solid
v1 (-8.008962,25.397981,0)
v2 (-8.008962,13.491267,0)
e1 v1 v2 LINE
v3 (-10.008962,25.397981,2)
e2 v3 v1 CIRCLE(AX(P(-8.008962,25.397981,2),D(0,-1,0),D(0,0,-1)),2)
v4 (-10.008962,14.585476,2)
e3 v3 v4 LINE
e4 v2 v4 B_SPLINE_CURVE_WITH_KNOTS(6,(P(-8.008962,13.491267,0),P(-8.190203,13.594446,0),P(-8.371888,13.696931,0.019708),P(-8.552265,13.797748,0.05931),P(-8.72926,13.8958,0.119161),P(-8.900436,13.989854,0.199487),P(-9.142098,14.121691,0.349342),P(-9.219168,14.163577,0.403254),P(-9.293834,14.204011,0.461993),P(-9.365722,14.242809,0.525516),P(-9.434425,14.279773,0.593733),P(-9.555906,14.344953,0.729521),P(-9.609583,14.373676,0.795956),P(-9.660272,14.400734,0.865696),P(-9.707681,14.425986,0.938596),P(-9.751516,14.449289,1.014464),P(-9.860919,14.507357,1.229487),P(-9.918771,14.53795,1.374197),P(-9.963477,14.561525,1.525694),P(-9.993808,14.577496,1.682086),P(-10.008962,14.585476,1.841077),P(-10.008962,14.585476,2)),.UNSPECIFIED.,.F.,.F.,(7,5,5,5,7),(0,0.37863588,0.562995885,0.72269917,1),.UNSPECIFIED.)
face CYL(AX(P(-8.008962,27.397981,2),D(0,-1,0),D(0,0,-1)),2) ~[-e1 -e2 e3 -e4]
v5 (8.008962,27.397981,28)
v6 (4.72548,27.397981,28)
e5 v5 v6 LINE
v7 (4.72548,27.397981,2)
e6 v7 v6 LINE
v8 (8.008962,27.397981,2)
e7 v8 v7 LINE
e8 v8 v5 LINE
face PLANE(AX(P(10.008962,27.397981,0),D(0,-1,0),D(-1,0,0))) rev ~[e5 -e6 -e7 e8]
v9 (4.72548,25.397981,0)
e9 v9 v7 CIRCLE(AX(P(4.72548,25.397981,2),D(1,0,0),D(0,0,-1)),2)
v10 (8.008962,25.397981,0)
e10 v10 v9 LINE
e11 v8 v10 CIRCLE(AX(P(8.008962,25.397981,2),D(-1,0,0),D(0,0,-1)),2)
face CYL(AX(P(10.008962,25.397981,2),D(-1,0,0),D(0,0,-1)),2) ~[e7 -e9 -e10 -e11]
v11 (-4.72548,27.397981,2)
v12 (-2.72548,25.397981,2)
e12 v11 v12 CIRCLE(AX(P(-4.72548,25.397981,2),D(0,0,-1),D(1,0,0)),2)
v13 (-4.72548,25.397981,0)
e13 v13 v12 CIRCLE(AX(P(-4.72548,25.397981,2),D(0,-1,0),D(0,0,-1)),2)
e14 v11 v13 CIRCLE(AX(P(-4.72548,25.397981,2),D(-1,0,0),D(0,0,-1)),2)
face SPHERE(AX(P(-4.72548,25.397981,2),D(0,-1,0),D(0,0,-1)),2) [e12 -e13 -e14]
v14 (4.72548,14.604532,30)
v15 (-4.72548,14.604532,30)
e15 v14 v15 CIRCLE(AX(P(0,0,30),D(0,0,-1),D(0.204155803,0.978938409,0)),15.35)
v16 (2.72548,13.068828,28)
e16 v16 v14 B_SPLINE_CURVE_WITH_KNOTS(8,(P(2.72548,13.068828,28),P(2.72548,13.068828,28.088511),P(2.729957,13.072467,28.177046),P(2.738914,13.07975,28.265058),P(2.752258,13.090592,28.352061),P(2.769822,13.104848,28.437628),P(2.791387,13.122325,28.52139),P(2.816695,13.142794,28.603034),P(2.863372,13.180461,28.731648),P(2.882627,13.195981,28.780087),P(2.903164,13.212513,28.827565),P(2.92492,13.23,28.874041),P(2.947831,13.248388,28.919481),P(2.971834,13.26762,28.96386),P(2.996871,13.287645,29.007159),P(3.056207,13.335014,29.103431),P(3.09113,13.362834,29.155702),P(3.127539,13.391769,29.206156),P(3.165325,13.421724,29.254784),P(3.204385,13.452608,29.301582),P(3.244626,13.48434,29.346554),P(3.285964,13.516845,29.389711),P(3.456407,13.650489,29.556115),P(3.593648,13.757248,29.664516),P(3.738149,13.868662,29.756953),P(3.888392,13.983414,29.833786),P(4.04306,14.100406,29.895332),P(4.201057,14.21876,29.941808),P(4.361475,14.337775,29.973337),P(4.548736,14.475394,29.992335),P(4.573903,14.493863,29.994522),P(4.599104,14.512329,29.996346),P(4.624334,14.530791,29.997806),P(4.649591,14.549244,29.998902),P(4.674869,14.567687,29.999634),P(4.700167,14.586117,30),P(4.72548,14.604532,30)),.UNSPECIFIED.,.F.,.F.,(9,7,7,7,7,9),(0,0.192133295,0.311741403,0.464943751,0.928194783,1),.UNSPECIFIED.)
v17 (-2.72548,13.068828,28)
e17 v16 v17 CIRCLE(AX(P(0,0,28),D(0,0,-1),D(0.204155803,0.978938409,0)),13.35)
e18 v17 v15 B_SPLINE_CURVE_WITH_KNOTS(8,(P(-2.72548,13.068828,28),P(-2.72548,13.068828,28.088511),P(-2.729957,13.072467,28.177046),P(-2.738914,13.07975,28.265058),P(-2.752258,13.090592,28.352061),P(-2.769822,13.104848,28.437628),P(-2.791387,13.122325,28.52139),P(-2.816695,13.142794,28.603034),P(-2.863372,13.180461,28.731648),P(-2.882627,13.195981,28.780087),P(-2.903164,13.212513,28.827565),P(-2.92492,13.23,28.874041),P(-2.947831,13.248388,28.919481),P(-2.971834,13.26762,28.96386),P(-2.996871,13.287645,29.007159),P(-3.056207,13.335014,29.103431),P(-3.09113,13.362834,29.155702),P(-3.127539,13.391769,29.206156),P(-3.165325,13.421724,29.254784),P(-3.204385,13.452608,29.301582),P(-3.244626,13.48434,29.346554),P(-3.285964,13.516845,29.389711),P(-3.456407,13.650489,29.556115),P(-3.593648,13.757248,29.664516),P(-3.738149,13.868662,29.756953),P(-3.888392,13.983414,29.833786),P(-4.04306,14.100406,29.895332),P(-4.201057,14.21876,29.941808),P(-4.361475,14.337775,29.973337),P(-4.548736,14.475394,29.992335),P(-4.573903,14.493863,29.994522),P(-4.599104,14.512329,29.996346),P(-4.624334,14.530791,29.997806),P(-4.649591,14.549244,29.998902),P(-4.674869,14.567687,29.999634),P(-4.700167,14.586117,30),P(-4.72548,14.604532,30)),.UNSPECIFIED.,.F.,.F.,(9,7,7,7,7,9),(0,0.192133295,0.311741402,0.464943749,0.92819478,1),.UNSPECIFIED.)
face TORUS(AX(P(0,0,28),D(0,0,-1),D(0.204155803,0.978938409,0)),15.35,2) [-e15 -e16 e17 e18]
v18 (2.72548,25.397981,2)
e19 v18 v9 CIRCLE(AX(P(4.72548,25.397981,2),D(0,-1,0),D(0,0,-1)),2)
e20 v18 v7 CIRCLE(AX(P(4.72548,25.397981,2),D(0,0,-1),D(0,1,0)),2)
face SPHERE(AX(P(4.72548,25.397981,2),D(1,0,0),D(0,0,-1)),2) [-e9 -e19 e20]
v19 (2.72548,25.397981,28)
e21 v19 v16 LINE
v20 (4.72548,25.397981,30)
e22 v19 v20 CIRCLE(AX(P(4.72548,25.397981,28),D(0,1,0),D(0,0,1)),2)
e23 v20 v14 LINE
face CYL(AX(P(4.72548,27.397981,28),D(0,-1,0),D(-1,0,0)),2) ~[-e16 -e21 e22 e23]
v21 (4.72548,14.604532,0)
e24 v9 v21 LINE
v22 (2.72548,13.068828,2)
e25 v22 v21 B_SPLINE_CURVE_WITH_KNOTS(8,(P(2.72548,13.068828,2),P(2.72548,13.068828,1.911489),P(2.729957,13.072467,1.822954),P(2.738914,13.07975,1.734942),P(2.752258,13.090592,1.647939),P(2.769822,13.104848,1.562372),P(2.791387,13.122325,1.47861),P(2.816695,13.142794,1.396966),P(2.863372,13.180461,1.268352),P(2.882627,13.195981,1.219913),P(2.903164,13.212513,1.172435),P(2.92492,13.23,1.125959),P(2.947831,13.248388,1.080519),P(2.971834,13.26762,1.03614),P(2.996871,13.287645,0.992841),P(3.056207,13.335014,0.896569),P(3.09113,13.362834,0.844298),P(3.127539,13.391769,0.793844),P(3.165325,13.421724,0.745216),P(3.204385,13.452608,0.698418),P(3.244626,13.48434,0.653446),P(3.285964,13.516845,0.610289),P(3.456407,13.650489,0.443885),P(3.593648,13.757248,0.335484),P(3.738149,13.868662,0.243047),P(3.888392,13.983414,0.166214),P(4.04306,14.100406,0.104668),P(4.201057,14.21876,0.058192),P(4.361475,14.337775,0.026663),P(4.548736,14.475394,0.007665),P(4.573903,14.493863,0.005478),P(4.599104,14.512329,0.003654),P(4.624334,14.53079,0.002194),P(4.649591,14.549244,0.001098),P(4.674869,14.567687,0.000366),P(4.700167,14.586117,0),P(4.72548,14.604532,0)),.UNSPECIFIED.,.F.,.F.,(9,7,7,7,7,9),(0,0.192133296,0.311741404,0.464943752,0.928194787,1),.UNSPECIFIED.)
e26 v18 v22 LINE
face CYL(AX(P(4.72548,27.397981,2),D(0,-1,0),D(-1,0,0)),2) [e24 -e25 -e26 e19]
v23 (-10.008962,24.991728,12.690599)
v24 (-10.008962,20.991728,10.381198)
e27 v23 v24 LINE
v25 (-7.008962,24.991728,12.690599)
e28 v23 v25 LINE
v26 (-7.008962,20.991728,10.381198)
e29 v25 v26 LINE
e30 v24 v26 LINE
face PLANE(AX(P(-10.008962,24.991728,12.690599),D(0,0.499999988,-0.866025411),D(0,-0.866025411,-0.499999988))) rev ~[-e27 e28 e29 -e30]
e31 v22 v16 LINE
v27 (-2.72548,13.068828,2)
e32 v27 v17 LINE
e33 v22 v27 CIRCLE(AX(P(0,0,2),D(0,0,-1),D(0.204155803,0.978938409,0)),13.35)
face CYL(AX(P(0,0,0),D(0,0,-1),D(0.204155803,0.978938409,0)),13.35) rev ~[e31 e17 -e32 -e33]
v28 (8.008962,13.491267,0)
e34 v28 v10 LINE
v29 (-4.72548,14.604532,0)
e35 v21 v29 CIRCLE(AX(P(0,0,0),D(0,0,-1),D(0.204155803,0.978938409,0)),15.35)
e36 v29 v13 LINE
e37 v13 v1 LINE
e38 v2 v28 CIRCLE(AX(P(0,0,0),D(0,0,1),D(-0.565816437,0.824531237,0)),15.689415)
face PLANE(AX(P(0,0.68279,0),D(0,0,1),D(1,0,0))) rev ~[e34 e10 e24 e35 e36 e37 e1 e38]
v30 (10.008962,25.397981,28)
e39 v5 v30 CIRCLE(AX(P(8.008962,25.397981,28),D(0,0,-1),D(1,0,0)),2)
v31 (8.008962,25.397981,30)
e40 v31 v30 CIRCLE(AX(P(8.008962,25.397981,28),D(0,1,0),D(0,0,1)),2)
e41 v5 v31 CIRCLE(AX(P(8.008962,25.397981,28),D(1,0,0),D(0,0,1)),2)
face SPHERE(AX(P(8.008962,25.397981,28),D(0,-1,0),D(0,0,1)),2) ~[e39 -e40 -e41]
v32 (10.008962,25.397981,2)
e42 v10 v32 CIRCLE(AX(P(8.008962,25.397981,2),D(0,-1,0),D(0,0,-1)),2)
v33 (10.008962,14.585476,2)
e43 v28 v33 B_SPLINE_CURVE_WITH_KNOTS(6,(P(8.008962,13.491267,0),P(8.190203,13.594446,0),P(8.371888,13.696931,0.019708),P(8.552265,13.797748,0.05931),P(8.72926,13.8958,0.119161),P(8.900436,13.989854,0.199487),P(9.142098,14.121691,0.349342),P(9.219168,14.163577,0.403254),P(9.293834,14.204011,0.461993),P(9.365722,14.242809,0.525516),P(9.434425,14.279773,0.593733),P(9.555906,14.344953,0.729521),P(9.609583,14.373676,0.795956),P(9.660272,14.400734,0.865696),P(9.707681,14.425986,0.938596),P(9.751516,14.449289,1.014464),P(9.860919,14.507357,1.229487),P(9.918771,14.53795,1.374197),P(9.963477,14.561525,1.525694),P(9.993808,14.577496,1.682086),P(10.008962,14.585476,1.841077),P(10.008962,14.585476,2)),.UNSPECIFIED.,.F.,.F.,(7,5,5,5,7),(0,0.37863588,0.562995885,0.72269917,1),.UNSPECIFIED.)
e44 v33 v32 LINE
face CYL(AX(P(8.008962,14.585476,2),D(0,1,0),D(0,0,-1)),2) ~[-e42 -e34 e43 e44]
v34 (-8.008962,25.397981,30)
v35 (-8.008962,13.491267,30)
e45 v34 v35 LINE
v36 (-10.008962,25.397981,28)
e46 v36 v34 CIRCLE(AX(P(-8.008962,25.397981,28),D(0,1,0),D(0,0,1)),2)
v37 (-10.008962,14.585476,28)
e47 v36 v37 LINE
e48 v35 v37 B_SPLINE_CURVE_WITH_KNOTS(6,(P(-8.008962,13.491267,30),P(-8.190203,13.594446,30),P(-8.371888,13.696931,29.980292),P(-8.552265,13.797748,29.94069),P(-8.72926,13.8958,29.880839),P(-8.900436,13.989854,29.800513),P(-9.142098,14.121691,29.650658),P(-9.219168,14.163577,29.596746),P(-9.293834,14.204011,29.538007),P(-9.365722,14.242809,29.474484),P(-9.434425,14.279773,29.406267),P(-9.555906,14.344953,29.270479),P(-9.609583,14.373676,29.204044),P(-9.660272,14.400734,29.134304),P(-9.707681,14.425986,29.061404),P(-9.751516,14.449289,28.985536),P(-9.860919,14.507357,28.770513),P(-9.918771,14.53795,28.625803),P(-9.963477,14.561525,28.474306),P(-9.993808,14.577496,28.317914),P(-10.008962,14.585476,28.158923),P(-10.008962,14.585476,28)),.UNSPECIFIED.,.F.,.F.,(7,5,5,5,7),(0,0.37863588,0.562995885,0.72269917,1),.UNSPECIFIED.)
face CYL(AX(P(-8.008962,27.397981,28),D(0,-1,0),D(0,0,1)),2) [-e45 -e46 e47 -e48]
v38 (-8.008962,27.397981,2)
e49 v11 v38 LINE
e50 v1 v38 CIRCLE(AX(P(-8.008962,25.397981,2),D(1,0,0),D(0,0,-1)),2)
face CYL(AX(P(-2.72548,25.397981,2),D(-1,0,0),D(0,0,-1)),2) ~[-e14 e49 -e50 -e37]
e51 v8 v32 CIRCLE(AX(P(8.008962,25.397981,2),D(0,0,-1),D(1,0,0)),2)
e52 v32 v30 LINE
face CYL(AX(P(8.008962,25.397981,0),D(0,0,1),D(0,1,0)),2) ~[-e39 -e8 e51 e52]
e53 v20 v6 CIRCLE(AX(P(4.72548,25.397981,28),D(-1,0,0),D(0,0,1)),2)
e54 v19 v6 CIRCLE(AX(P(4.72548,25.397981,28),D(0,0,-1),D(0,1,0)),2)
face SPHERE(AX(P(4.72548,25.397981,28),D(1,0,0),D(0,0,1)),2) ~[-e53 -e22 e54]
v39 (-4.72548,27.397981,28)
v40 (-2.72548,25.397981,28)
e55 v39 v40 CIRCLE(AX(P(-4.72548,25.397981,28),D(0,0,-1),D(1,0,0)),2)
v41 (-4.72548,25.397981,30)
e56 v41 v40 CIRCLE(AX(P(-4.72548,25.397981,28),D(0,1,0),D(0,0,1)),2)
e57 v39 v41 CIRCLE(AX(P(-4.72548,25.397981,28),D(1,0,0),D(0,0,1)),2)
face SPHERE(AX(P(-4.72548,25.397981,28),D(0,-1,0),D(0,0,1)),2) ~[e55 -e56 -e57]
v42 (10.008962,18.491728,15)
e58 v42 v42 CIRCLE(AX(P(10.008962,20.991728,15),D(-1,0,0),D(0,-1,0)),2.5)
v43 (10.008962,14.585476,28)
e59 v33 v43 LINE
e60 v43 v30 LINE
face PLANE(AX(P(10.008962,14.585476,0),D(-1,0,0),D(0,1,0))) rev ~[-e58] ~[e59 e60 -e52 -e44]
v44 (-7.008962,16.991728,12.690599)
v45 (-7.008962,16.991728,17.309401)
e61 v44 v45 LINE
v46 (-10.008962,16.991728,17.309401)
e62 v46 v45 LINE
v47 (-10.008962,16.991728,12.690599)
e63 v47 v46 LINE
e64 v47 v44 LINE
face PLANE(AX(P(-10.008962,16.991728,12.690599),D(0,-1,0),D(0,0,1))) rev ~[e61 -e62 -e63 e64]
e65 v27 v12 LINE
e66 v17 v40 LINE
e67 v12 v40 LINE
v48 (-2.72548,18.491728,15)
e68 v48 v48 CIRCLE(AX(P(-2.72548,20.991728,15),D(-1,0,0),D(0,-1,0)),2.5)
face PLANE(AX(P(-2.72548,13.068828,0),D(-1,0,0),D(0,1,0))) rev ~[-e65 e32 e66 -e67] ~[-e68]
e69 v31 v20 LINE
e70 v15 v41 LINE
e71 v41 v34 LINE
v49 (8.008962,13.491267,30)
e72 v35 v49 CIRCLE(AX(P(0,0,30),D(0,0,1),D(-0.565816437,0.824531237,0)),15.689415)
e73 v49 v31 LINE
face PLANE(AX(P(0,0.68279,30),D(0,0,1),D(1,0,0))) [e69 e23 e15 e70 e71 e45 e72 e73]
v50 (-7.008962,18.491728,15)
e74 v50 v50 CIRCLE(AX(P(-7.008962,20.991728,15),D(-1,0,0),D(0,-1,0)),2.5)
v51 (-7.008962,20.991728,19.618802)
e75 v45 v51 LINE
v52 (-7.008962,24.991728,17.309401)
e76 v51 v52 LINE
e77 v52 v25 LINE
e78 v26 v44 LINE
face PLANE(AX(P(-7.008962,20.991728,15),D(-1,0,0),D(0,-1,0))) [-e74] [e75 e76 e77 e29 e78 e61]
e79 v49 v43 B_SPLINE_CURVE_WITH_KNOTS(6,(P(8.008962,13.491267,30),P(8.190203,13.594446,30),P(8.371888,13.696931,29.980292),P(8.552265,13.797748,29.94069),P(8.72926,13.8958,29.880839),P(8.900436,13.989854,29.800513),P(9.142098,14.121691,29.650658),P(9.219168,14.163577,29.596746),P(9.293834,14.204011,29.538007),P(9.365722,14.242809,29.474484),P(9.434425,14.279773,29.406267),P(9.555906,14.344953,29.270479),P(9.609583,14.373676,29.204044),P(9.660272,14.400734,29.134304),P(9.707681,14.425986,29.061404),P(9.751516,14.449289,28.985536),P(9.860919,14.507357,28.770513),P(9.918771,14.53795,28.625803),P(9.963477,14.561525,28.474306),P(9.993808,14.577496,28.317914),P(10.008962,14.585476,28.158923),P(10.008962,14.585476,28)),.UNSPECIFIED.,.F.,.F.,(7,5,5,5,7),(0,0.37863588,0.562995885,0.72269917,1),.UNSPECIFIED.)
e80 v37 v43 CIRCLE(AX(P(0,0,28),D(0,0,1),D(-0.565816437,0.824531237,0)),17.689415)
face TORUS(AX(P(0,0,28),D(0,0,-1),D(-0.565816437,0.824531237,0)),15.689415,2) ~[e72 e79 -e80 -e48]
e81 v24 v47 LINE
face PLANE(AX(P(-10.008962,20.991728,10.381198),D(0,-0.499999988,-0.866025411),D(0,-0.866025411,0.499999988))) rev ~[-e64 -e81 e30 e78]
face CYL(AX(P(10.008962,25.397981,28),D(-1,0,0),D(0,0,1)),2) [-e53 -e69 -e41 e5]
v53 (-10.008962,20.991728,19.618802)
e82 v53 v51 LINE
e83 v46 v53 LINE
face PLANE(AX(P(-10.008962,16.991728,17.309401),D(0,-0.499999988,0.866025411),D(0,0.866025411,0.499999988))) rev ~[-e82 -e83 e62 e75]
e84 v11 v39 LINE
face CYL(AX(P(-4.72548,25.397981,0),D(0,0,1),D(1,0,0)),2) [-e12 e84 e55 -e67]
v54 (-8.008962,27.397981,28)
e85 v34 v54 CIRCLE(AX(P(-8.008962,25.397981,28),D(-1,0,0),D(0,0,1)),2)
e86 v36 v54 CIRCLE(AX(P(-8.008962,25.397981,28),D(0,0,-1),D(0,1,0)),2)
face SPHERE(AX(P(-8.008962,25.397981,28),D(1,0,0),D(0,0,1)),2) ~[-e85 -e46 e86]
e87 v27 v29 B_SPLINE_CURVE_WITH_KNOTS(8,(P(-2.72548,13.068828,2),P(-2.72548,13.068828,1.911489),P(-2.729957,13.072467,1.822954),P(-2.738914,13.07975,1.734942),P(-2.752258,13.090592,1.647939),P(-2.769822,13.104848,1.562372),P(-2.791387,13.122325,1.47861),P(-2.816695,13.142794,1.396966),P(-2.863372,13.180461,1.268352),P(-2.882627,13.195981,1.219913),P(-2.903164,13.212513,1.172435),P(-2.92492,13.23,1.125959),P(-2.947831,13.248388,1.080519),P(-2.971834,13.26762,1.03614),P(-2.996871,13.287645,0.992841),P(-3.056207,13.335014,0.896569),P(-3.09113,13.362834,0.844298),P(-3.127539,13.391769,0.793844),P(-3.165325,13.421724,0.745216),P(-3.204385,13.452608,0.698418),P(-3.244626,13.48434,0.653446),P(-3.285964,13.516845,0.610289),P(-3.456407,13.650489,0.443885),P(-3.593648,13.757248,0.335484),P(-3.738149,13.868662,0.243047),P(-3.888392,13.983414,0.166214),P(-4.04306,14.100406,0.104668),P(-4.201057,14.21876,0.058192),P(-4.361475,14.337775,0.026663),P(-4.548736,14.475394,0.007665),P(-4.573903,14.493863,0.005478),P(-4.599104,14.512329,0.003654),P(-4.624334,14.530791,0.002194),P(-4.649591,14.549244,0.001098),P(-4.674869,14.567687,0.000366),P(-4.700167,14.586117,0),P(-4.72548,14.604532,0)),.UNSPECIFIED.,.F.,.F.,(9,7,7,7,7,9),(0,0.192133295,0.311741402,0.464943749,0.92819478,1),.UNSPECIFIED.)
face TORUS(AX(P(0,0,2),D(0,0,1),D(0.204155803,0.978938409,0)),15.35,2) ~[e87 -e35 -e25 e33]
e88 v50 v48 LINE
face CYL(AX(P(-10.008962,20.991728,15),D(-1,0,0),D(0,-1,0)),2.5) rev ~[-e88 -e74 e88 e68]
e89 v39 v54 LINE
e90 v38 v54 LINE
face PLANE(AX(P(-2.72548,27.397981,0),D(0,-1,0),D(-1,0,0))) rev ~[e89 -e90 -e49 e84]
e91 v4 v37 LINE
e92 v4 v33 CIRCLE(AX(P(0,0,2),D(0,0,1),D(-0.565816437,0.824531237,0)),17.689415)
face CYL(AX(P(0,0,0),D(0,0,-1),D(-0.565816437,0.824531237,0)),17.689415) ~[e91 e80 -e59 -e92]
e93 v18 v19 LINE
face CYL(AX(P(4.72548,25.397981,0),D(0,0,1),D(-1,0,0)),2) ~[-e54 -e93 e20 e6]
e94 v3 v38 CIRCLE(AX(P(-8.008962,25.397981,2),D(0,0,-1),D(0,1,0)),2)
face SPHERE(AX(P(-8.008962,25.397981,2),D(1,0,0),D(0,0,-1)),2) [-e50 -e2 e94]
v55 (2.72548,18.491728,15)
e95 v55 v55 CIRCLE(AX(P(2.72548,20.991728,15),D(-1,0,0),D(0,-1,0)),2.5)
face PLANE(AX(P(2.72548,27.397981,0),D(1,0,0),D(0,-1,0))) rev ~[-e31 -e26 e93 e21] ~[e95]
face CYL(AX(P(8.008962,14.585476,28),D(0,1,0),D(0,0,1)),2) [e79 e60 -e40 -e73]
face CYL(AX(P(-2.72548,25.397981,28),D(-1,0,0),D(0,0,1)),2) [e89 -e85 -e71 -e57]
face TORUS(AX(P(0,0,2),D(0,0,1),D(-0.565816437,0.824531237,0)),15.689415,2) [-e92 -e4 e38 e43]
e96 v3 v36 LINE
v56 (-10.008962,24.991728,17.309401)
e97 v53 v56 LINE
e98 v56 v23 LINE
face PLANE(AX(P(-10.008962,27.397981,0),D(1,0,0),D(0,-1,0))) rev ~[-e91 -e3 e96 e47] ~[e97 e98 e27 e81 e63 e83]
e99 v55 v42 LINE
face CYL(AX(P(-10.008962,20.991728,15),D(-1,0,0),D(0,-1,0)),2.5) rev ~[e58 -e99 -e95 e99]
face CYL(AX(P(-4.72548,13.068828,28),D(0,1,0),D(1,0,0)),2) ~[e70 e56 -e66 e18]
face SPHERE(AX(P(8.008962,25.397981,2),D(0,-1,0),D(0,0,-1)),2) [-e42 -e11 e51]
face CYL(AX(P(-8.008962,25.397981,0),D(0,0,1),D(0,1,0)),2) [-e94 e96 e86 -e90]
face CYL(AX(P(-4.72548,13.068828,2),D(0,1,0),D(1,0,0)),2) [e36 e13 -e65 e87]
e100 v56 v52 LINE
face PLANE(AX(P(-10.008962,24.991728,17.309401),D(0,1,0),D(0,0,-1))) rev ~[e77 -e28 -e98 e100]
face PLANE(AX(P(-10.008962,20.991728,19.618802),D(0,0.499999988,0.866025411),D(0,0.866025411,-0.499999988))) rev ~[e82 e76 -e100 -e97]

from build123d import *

# Parameters (mm, degrees)
F1_DEPTH = 30
F2_R     = 2.5
F3_DEPTH = 27.699377
F5_DEPTH = 3
F6_R     = 2


with BuildPart() as f1:
    # F0 (on Top) → F1 (new body)
    with BuildSketch(Plane.XY):
        with BuildLine():
            ThreePointArc((2.72548, 13.068828), (0, -13.35), (-2.72548, 13.068828))
            Line((-2.72548, 13.068828), (-2.72548, 17.478191))
            ThreePointArc((-2.72548, 17.478191), (-6.52943, 16.440254), (-10.008962, 14.585476))
            ThreePointArc((-10.008962, 14.585476), (0, -17.689415), (10.008962, 14.585476))
            ThreePointArc((10.008962, 14.585476), (6.52943, 16.440254), (2.72548, 17.478191))
            Line((2.72548, 17.478191), (2.72548, 13.068828))
        make_face()
        with BuildLine():
            ThreePointArc((-10.008962, 14.585476), (-6.52943, 16.440254), (-2.72548, 17.478191))
            Line((-2.72548, 17.478191), (-2.72548, 27.397981))
            Line((-2.72548, 27.397981), (-10.008962, 27.397981))
            Line((-10.008962, 27.397981), (-10.008962, 14.585476))
        make_face()
        with BuildLine():
            Line((2.72548, 27.397981), (2.72548, 17.478191))
            ThreePointArc((2.72548, 17.478191), (6.52943, 16.440254), (10.008962, 14.585476))
            Line((10.008962, 14.585476), (10.008962, 27.397981))
            Line((10.008962, 27.397981), (2.72548, 27.397981))
        make_face()
    extrude(amount=F1_DEPTH)

    # F2 (on face) → F3 (cut, through all)
    with BuildSketch(Plane(origin=(-10.008962, 0, 0), x_dir=(0, -1, 0), z_dir=(-1, 0, 0))):
        with Locations((-20.991728, 15)):
            Circle(F2_R)
    extrude(amount=-F3_DEPTH, mode=Mode.SUBTRACT)

    # F4 (on face) → F5 (cut)
    with BuildSketch(Plane(origin=(-10.008962, 0, 0), x_dir=(0, -1, 0), z_dir=(-1, 0, 0))):
        Polygon((-24.991728, 17.309401), (-24.991728, 12.690599), (-20.991728, 10.381198), (-16.991728, 12.690599), (-16.991728, 17.309401), (-20.991728, 19.618802), align=None)
    extrude(amount=-F5_DEPTH, mode=Mode.SUBTRACT)

    # F6
    f6_edges = [f1.edges().sort_by_distance(p)[0] for p in [
        (0, -13.35, 30),
        (-2.72548, 20.233404, 30),
        (-6.367221, 27.397981, 30),
        (-10.008962, 20.991728, 30),
        (0, -17.689415, 30),
        (10.008962, 20.991728, 30),
        (6.367221, 27.397981, 30),
        (2.72548, 20.233404, 30),
        (0, -13.35, 0),
        (-2.72548, 20.233404, 0),
        (-6.367221, 27.397981, 0),
        (-10.008962, 20.991728, 0),
        (0, -17.689415, 0),
        (10.008962, 20.991728, 0),
        (6.367221, 27.397981, 0),
        (2.72548, 20.233404, 0),
        (10.008962, 27.397981, 15),
        (2.72548, 27.397981, 15),
        (-2.72548, 27.397981, 15),
        (-10.008962, 27.397981, 15),
    ]]
    fillet(f6_edges, radius=F6_R)


solid = f1.part
